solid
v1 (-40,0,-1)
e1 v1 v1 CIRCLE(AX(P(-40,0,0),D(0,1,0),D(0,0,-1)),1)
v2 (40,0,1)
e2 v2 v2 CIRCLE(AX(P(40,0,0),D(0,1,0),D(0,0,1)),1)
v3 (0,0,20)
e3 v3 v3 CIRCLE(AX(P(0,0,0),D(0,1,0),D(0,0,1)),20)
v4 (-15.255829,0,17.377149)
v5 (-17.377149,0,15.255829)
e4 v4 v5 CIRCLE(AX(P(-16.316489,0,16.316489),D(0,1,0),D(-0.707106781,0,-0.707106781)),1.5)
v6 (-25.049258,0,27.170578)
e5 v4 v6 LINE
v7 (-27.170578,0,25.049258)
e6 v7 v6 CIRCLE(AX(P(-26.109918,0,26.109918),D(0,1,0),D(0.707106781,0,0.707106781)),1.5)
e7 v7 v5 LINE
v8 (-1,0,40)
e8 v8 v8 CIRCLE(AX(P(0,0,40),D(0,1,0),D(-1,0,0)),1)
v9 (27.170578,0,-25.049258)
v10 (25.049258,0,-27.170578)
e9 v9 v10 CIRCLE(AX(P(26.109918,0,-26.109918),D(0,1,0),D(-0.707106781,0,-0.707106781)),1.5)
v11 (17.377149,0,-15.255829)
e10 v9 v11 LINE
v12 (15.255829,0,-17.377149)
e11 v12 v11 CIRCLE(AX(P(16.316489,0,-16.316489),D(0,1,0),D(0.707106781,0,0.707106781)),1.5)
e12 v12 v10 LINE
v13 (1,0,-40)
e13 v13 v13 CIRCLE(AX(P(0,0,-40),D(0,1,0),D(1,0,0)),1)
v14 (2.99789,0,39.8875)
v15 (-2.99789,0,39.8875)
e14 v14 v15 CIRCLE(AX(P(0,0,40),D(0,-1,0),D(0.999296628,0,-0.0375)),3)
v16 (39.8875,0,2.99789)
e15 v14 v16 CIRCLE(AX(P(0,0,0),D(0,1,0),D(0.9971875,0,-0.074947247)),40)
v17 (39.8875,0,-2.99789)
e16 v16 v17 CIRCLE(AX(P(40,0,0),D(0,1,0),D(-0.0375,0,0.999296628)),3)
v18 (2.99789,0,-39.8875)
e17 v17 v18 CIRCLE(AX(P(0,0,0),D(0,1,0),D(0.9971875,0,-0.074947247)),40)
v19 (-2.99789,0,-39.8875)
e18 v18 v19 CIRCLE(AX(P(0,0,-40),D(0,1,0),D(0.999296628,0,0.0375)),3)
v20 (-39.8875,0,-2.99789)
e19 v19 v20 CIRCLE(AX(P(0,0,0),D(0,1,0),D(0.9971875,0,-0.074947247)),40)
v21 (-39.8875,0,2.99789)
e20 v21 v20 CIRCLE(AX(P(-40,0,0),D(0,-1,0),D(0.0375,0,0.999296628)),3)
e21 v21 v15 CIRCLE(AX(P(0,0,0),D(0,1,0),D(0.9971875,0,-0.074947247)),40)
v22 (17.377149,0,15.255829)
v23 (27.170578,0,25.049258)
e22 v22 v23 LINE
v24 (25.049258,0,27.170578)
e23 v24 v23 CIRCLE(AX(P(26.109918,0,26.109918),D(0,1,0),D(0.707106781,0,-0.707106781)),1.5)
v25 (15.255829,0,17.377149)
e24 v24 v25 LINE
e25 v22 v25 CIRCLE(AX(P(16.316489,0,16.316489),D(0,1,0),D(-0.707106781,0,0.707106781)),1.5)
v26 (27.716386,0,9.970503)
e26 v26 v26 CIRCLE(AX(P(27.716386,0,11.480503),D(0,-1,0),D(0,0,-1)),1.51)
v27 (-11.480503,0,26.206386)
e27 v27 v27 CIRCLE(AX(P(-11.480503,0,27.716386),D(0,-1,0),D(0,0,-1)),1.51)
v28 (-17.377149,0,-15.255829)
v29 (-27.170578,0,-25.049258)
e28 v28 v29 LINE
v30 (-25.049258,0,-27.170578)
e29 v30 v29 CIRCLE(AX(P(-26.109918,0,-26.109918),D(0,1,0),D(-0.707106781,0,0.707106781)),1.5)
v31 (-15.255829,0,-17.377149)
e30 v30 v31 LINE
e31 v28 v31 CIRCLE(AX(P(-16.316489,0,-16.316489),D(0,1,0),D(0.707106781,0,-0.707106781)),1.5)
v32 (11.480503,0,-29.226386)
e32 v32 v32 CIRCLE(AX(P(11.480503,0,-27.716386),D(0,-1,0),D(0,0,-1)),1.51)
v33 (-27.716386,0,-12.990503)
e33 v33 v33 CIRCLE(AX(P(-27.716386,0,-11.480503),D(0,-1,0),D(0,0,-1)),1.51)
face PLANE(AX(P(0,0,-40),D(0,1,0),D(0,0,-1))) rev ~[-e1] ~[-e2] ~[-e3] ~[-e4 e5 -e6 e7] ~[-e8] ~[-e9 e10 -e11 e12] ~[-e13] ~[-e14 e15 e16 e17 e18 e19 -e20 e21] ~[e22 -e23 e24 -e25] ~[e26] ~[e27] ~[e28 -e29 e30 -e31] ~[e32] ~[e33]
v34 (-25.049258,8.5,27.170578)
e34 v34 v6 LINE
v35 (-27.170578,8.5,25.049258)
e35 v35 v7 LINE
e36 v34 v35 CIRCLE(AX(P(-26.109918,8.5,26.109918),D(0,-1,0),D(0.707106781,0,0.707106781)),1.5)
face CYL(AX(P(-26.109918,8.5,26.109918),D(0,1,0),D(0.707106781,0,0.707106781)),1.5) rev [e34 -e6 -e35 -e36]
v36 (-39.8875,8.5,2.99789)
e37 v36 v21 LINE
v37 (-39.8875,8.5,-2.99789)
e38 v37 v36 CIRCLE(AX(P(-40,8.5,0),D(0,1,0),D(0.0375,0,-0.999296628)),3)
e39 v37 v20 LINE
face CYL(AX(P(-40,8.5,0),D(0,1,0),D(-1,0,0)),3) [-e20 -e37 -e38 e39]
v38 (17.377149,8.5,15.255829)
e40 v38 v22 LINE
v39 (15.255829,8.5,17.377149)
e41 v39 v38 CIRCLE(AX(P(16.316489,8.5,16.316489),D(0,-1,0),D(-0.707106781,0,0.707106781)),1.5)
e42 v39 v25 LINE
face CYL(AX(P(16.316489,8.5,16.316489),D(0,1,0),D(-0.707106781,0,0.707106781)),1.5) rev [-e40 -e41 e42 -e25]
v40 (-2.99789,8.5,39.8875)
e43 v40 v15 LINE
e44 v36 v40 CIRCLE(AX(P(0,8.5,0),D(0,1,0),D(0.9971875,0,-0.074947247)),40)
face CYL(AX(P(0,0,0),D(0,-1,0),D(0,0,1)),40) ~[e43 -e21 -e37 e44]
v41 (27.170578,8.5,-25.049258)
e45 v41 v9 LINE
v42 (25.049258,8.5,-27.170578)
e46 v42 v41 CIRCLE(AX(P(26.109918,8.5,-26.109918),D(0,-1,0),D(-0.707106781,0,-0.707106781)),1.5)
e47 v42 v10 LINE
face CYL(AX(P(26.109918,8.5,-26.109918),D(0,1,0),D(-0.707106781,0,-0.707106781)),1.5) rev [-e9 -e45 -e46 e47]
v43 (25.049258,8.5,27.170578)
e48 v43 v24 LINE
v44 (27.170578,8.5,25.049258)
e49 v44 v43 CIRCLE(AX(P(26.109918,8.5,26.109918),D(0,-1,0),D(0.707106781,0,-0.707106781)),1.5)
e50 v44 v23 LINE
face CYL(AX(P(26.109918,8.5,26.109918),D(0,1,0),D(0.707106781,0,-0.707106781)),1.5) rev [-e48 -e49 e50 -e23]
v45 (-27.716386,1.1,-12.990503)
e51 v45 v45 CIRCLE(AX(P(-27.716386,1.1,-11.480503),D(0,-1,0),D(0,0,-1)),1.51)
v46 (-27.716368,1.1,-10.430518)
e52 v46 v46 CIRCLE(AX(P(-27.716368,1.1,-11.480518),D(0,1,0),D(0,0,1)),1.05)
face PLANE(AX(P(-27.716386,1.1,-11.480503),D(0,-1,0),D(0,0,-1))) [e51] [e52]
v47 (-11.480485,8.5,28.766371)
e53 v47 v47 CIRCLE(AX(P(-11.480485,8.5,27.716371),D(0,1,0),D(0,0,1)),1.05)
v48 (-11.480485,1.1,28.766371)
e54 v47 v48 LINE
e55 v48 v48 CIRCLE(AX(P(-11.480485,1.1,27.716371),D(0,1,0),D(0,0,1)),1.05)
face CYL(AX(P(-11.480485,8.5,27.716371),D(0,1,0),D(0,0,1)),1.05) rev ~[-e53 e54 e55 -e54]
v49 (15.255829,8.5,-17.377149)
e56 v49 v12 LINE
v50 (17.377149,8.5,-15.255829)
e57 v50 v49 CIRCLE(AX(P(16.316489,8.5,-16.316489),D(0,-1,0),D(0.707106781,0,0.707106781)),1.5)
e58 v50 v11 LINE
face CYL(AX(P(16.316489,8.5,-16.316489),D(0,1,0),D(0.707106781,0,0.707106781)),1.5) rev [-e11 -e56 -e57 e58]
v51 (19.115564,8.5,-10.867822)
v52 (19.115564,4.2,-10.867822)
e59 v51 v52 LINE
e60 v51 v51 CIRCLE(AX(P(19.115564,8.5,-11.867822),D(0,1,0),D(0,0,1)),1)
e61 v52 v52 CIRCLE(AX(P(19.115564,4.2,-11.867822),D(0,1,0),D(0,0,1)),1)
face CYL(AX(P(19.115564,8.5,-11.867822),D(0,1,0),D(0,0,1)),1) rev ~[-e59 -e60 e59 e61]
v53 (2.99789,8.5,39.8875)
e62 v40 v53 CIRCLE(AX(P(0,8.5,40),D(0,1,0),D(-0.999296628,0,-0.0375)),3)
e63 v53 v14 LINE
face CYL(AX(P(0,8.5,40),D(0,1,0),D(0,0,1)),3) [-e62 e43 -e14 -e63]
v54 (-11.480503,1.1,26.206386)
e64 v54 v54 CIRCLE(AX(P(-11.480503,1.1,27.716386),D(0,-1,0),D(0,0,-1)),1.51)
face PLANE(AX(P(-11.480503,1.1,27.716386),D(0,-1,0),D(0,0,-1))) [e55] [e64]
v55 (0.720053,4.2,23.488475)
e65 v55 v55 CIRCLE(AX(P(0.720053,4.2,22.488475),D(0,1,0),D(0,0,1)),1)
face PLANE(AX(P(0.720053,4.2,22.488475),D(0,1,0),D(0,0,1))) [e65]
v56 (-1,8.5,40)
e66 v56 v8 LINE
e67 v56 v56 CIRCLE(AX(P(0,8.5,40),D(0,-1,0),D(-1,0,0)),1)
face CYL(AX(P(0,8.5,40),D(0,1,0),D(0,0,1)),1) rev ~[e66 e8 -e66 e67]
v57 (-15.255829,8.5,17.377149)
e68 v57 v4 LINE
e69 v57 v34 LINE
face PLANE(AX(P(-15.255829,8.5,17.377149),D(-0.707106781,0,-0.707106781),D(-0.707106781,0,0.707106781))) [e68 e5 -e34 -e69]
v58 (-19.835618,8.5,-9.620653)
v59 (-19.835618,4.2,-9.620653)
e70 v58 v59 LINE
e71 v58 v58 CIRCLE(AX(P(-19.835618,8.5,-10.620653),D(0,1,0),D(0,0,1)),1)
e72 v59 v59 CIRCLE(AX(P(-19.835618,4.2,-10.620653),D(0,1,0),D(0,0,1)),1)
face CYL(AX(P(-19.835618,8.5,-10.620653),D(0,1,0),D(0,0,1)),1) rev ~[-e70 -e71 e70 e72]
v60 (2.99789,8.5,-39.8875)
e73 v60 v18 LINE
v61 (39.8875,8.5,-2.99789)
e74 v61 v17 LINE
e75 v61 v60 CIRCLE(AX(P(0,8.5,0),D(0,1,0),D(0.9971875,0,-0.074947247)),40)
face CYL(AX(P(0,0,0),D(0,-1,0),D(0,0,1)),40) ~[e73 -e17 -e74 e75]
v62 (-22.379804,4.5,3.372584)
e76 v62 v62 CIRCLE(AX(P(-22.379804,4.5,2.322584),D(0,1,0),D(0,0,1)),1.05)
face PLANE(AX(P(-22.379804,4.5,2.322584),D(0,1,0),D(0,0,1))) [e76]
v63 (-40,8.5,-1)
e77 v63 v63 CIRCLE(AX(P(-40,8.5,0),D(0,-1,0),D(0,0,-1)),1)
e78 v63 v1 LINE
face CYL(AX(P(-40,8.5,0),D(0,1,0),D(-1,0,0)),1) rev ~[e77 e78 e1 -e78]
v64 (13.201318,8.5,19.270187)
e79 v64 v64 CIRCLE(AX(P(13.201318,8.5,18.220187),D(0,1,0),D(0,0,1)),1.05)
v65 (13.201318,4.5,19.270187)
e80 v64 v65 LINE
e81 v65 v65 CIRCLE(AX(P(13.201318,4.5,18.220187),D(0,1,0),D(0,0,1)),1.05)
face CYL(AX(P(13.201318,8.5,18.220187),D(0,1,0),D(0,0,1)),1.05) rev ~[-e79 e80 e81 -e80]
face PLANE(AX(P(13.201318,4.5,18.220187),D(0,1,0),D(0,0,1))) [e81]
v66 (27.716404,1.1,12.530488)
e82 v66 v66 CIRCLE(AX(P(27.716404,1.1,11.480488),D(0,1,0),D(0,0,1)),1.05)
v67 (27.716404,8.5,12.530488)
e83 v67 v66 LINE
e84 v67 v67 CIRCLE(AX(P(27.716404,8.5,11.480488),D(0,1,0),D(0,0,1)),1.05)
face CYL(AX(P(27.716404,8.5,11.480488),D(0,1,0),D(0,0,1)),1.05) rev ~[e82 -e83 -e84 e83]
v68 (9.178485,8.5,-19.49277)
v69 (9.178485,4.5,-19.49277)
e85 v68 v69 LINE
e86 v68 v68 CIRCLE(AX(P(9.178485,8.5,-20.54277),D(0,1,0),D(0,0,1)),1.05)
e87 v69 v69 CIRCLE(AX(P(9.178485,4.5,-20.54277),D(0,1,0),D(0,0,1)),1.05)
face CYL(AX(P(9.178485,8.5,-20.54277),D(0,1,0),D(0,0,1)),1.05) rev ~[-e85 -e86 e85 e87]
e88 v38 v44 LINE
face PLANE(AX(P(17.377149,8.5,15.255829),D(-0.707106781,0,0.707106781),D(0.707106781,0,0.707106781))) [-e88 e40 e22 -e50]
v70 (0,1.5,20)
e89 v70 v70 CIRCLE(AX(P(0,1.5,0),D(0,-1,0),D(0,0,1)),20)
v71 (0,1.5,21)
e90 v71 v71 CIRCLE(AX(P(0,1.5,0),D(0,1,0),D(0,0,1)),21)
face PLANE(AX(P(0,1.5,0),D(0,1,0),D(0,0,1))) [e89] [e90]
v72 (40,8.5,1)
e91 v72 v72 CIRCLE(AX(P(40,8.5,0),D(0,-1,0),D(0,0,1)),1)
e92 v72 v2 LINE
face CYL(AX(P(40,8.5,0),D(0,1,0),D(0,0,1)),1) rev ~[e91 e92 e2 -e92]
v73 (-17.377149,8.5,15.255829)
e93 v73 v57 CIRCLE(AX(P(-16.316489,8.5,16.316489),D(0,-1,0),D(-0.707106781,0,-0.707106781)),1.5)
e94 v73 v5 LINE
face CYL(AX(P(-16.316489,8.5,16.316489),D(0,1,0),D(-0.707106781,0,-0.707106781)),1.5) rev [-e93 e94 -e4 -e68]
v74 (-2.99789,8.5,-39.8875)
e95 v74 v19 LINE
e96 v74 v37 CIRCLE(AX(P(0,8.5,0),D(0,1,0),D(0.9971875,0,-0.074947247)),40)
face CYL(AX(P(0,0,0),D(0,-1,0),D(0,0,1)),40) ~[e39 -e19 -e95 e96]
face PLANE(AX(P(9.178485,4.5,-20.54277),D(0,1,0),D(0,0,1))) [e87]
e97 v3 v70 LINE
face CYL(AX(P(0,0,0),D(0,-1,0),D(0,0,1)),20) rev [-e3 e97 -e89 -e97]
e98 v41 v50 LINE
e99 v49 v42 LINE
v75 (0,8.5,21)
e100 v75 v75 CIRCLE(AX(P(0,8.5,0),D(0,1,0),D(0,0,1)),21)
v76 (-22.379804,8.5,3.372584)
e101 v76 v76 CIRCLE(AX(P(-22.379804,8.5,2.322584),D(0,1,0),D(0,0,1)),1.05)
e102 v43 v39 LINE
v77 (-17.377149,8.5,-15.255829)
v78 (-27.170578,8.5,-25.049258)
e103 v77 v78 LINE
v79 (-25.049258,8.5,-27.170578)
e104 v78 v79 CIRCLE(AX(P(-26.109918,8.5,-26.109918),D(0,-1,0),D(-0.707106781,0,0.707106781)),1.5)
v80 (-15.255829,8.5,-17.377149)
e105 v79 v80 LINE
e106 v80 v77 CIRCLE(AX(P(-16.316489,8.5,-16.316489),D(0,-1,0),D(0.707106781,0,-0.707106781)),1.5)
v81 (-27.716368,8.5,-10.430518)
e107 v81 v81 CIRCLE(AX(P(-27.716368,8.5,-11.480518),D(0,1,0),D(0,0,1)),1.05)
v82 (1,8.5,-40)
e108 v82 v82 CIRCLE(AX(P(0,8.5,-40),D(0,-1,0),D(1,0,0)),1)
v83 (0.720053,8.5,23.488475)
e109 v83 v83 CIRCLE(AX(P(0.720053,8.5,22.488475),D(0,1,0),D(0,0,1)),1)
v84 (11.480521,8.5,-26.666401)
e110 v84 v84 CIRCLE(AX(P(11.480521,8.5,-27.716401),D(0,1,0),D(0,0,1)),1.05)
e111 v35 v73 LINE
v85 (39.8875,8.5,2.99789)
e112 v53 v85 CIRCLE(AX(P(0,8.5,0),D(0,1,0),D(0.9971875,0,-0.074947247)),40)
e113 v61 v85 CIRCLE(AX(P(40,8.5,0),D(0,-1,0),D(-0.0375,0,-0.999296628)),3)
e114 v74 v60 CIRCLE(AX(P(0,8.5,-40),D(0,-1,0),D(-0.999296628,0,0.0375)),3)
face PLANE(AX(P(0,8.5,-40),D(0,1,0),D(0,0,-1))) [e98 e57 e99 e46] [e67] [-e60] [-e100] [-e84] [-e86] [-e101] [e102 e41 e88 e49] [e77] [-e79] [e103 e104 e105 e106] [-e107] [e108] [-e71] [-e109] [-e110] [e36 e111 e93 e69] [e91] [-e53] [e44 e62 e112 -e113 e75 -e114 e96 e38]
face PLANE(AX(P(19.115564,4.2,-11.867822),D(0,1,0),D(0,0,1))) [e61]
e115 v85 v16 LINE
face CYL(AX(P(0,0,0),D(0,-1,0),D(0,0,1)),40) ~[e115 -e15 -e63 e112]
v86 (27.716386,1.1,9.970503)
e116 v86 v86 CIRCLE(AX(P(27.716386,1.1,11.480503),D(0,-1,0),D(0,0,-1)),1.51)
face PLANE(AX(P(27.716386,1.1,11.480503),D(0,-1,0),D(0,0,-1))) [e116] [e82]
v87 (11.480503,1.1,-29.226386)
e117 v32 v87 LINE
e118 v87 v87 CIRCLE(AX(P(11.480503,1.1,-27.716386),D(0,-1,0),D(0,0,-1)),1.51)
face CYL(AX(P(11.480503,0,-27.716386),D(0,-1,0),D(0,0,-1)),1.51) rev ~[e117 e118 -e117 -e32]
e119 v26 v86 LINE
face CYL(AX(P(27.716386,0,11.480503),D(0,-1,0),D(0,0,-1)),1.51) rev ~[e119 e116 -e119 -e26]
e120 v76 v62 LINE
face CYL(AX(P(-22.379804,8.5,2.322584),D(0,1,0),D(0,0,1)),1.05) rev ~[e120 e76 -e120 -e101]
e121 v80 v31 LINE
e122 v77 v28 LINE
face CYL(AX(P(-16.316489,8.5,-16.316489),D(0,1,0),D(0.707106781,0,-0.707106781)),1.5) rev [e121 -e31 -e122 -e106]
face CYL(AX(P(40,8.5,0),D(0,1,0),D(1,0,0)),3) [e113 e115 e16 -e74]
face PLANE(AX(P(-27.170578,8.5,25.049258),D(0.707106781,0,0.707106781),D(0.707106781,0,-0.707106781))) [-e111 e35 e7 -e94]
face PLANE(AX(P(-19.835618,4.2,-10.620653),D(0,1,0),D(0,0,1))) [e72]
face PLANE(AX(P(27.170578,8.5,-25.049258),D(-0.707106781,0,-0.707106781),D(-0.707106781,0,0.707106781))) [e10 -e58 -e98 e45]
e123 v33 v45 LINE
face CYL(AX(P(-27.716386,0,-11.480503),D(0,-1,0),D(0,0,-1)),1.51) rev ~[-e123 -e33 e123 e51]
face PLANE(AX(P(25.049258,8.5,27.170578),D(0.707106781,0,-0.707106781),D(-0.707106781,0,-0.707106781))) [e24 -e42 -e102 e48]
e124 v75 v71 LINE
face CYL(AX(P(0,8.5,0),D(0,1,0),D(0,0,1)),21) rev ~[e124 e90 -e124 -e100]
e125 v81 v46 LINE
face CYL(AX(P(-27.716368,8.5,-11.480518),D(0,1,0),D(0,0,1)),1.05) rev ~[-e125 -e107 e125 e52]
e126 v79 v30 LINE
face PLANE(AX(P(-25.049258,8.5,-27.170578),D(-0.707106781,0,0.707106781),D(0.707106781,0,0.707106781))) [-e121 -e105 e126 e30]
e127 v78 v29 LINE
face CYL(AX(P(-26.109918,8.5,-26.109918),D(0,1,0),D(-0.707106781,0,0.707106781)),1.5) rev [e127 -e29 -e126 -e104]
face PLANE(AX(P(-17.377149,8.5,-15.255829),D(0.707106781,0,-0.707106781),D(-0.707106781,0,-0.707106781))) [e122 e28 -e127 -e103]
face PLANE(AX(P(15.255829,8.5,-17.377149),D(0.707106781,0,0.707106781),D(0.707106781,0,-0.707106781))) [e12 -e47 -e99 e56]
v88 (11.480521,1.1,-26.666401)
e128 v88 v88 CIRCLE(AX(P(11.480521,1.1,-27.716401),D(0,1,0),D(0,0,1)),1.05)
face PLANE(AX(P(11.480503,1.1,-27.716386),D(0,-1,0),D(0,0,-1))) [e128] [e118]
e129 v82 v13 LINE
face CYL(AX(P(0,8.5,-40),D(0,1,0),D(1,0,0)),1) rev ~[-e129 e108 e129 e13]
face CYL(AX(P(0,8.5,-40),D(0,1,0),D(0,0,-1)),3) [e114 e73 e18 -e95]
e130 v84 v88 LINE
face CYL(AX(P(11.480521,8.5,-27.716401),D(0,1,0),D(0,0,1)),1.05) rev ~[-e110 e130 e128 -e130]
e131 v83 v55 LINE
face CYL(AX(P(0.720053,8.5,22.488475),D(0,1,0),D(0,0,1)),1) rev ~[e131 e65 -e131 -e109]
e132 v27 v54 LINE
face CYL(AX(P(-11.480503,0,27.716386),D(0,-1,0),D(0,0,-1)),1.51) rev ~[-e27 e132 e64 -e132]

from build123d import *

# Parameters (mm, degrees)
SKETCH1_R                                      = 40
SKETCH1_R_2                                    = 20
BOSS_EXTRUDE1_DEPTH                            = 8.5
SKETCH2_R                                      = 1
CUT_EXTRUDE2_DEPTH                             = 58.203583804
SKETCH2_6_R                                    = 3
SKETCH2_6_R_2                                  = 1
BOSS_EXTRUDE3_DEPTH                            = 8.5
CIRPATTERN1_COUNT                              = 4
CUT_EXTRUDE4_DEPTH                             = 62.402361518
CIRPATTERN3_COUNT                              = 4
SKETCH7_R                                      = 21
CUT_EXTRUDE5_DEPTH                             = 7
SKETCH8_R                                      = 1
OUTER_RETAINER_M2_TAPPED_ENVELOPE_DEPTH        = 4.3
SKETCH9_R                                      = 1
REVB_OLDHAM_FOUR_M2_BLIND_THREAD_MAJOR_DEPTH   = 5.8
SKETCH10_R                                     = 1.51
REVB_OLDHAM_FOUR_D3P02_PILOT_POCKETS_DEPTH     = 1.1
SKETCH11_R                                     = 1.05
BENCH_OUTERRETAINER_M2_THREAD_MAJOR_ENVE_DEPTH = 4
SKETCH12_R                                     = 1.05
BENCH_OLDHAM_M2_CLEARANCE_4X_D2P1_DEPTH        = 9


with BuildPart() as part:
    # Sketch1 → Boss-Extrude1 (new body)
    with BuildSketch(Plane(origin=(0, 0, 0), x_dir=(1, 0, 0), z_dir=(0, 1, 0))):
        Circle(SKETCH1_R)
        Circle(SKETCH1_R_2, mode=Mode.SUBTRACT)
    extrude(amount=BOSS_EXTRUDE1_DEPTH)

    # Sketch2 → Cut-Extrude2 (cut, through all)
    with BuildSketch(Plane(origin=(0, 8.5, 0), x_dir=(1, 0, 0), z_dir=(0, 1, 0))):
        with Locations((40, 0)):
            Circle(SKETCH2_R)
    cut_extrude2 = extrude(amount=-CUT_EXTRUDE2_DEPTH, mode=Mode.SUBTRACT)

    # Sketch2<6> → Boss-Extrude3 (add)
    with BuildSketch(Plane(origin=(0, 8.5, 0), x_dir=(1, 0, 0), z_dir=(0, 1, 0))):
        with Locations((40, 0)):
            Circle(SKETCH2_6_R)
        with Locations((40, 0)):
            Circle(SKETCH2_6_R_2, mode=Mode.SUBTRACT)
    boss_extrude3 = extrude(amount=-BOSS_EXTRUDE3_DEPTH)

    # CirPattern1: Cut-Extrude2, Boss-Extrude3 ×4 about axis
    cirpattern1_axis = Axis((0, 8.5, 0), (0, 1, 0))
    add([cut_extrude2.rotate(cirpattern1_axis, i * 360 / CIRPATTERN1_COUNT) for i in range(1, CIRPATTERN1_COUNT)], mode=Mode.SUBTRACT)
    add([boss_extrude3.rotate(cirpattern1_axis, i * 360 / CIRPATTERN1_COUNT) for i in range(1, CIRPATTERN1_COUNT)])

    # Sketch4 → Cut-Extrude4 (cut, through all)
    with BuildSketch(Plane(origin=(0, 8.5, 0), x_dir=(1, 0, 0), z_dir=(0, 1, 0))):
        with BuildLine():
            Line((-27.170578067, -25.049257724), (-17.377149148, -15.255828804))
            ThreePointArc((-17.377149148, -15.255828804), (-15.255828804, -15.255828804), (-15.255828804, -17.377149148))
            Line((-15.255828804, -17.377149148), (-25.049257724, -27.170578067))
            ThreePointArc((-25.049257724, -27.170578067), (-27.170578067, -27.170578067), (-27.170578067, -25.049257724))
        make_face()
    cut_extrude4 = extrude(amount=-CUT_EXTRUDE4_DEPTH, mode=Mode.SUBTRACT)

    # CirPattern3: Cut-Extrude4 ×4 about axis
    cirpattern3_axis = Axis((0, 8.5, 0), (0, 1, 0))
    for i in range(1, CIRPATTERN3_COUNT):
        add(cut_extrude4.rotate(cirpattern3_axis, i * 360 / CIRPATTERN3_COUNT), mode=Mode.SUBTRACT)

    # Sketch7 → Cut-Extrude5 (cut)
    with BuildSketch(Plane(origin=(0, 8.5, 0), x_dir=(1, 0, 0), z_dir=(0, 1, 0))):
        Circle(SKETCH7_R)
    extrude(amount=-CUT_EXTRUDE5_DEPTH, mode=Mode.SUBTRACT)

    # Sketch8 → Outer_Retainer_M2_Tapped_Envelope (cut)
    with BuildSketch(Plane(origin=(0, 8.5, 0), x_dir=(1, 0, 0), z_dir=(0, 1, 0))):
        with Locations((0.720053396, -22.48847534)):
            Circle(SKETCH8_R)
        with Locations((19.115564239, 11.867822203)):
            Circle(SKETCH8_R)
        with Locations((-19.835617634, 10.620653137)):
            Circle(SKETCH8_R)
    extrude(amount=-OUTER_RETAINER_M2_TAPPED_ENVELOPE_DEPTH, mode=Mode.SUBTRACT)

    # Sketch9 → RevB_Oldham_Four_M2_Blind_Thread_Major (cut)
    with BuildSketch(Plane.XZ):
        with Locations((27.716385975, 11.480502971)):
            Circle(SKETCH9_R)
        with Locations((-11.480502971, 27.716385975)):
            Circle(SKETCH9_R)
        with Locations((-27.716385975, -11.480502971)):
            Circle(SKETCH9_R)
        with Locations((11.480502971, -27.716385975)):
            Circle(SKETCH9_R)
    extrude(amount=-REVB_OLDHAM_FOUR_M2_BLIND_THREAD_MAJOR_DEPTH, mode=Mode.SUBTRACT)

    # Sketch10 → RevB_Oldham_Four_D3p02_Pilot_Pockets (cut)
    with BuildSketch(Plane.XZ):
        with Locations((27.716385975, 11.480502971)):
            Circle(SKETCH10_R)
        with Locations((-11.480502971, 27.716385975)):
            Circle(SKETCH10_R)
        with Locations((-27.716385975, -11.480502971)):
            Circle(SKETCH10_R)
        with Locations((11.480502971, -27.716385975)):
            Circle(SKETCH10_R)
    extrude(amount=-REVB_OLDHAM_FOUR_D3P02_PILOT_POCKETS_DEPTH, mode=Mode.SUBTRACT)

    # Sketch11 → Bench_OuterRetainer_M2_Thread_Major_Envelope_3x_D2p1 (cut)
    with BuildSketch(Plane(origin=(0, 8.5, 0), x_dir=(1, 0, 0), z_dir=(0, 1, 0))):
        with Locations((-22.37980351, -2.32258369)):
            Circle(SKETCH11_R)
        with Locations((13.20131823, -18.22018653)):
            Circle(SKETCH11_R)
        with Locations((9.17848528, 20.54277021)):
            Circle(SKETCH11_R)
    extrude(amount=-BENCH_OUTERRETAINER_M2_THREAD_MAJOR_ENVE_DEPTH, mode=Mode.SUBTRACT)

    # Sketch12 → Bench_Oldham_M2_Clearance_4x_D2p1 (cut)
    with BuildSketch(Plane(origin=(0, 8.5, 0), x_dir=(1, 0, 0), z_dir=(0, 1, 0))):
        with Locations((27.71640367, -11.48048783)):
            Circle(SKETCH12_R)
        with Locations((-11.48048527, -27.71637083)):
            Circle(SKETCH12_R)
        with Locations((-27.71636828, 11.48051812)):
            Circle(SKETCH12_R)
        with Locations((11.48052067, 27.71640112)):
            Circle(SKETCH12_R)
    extrude(amount=-BENCH_OLDHAM_M2_CLEARANCE_4X_D2P1_DEPTH, mode=Mode.SUBTRACT)


solid = part.part
